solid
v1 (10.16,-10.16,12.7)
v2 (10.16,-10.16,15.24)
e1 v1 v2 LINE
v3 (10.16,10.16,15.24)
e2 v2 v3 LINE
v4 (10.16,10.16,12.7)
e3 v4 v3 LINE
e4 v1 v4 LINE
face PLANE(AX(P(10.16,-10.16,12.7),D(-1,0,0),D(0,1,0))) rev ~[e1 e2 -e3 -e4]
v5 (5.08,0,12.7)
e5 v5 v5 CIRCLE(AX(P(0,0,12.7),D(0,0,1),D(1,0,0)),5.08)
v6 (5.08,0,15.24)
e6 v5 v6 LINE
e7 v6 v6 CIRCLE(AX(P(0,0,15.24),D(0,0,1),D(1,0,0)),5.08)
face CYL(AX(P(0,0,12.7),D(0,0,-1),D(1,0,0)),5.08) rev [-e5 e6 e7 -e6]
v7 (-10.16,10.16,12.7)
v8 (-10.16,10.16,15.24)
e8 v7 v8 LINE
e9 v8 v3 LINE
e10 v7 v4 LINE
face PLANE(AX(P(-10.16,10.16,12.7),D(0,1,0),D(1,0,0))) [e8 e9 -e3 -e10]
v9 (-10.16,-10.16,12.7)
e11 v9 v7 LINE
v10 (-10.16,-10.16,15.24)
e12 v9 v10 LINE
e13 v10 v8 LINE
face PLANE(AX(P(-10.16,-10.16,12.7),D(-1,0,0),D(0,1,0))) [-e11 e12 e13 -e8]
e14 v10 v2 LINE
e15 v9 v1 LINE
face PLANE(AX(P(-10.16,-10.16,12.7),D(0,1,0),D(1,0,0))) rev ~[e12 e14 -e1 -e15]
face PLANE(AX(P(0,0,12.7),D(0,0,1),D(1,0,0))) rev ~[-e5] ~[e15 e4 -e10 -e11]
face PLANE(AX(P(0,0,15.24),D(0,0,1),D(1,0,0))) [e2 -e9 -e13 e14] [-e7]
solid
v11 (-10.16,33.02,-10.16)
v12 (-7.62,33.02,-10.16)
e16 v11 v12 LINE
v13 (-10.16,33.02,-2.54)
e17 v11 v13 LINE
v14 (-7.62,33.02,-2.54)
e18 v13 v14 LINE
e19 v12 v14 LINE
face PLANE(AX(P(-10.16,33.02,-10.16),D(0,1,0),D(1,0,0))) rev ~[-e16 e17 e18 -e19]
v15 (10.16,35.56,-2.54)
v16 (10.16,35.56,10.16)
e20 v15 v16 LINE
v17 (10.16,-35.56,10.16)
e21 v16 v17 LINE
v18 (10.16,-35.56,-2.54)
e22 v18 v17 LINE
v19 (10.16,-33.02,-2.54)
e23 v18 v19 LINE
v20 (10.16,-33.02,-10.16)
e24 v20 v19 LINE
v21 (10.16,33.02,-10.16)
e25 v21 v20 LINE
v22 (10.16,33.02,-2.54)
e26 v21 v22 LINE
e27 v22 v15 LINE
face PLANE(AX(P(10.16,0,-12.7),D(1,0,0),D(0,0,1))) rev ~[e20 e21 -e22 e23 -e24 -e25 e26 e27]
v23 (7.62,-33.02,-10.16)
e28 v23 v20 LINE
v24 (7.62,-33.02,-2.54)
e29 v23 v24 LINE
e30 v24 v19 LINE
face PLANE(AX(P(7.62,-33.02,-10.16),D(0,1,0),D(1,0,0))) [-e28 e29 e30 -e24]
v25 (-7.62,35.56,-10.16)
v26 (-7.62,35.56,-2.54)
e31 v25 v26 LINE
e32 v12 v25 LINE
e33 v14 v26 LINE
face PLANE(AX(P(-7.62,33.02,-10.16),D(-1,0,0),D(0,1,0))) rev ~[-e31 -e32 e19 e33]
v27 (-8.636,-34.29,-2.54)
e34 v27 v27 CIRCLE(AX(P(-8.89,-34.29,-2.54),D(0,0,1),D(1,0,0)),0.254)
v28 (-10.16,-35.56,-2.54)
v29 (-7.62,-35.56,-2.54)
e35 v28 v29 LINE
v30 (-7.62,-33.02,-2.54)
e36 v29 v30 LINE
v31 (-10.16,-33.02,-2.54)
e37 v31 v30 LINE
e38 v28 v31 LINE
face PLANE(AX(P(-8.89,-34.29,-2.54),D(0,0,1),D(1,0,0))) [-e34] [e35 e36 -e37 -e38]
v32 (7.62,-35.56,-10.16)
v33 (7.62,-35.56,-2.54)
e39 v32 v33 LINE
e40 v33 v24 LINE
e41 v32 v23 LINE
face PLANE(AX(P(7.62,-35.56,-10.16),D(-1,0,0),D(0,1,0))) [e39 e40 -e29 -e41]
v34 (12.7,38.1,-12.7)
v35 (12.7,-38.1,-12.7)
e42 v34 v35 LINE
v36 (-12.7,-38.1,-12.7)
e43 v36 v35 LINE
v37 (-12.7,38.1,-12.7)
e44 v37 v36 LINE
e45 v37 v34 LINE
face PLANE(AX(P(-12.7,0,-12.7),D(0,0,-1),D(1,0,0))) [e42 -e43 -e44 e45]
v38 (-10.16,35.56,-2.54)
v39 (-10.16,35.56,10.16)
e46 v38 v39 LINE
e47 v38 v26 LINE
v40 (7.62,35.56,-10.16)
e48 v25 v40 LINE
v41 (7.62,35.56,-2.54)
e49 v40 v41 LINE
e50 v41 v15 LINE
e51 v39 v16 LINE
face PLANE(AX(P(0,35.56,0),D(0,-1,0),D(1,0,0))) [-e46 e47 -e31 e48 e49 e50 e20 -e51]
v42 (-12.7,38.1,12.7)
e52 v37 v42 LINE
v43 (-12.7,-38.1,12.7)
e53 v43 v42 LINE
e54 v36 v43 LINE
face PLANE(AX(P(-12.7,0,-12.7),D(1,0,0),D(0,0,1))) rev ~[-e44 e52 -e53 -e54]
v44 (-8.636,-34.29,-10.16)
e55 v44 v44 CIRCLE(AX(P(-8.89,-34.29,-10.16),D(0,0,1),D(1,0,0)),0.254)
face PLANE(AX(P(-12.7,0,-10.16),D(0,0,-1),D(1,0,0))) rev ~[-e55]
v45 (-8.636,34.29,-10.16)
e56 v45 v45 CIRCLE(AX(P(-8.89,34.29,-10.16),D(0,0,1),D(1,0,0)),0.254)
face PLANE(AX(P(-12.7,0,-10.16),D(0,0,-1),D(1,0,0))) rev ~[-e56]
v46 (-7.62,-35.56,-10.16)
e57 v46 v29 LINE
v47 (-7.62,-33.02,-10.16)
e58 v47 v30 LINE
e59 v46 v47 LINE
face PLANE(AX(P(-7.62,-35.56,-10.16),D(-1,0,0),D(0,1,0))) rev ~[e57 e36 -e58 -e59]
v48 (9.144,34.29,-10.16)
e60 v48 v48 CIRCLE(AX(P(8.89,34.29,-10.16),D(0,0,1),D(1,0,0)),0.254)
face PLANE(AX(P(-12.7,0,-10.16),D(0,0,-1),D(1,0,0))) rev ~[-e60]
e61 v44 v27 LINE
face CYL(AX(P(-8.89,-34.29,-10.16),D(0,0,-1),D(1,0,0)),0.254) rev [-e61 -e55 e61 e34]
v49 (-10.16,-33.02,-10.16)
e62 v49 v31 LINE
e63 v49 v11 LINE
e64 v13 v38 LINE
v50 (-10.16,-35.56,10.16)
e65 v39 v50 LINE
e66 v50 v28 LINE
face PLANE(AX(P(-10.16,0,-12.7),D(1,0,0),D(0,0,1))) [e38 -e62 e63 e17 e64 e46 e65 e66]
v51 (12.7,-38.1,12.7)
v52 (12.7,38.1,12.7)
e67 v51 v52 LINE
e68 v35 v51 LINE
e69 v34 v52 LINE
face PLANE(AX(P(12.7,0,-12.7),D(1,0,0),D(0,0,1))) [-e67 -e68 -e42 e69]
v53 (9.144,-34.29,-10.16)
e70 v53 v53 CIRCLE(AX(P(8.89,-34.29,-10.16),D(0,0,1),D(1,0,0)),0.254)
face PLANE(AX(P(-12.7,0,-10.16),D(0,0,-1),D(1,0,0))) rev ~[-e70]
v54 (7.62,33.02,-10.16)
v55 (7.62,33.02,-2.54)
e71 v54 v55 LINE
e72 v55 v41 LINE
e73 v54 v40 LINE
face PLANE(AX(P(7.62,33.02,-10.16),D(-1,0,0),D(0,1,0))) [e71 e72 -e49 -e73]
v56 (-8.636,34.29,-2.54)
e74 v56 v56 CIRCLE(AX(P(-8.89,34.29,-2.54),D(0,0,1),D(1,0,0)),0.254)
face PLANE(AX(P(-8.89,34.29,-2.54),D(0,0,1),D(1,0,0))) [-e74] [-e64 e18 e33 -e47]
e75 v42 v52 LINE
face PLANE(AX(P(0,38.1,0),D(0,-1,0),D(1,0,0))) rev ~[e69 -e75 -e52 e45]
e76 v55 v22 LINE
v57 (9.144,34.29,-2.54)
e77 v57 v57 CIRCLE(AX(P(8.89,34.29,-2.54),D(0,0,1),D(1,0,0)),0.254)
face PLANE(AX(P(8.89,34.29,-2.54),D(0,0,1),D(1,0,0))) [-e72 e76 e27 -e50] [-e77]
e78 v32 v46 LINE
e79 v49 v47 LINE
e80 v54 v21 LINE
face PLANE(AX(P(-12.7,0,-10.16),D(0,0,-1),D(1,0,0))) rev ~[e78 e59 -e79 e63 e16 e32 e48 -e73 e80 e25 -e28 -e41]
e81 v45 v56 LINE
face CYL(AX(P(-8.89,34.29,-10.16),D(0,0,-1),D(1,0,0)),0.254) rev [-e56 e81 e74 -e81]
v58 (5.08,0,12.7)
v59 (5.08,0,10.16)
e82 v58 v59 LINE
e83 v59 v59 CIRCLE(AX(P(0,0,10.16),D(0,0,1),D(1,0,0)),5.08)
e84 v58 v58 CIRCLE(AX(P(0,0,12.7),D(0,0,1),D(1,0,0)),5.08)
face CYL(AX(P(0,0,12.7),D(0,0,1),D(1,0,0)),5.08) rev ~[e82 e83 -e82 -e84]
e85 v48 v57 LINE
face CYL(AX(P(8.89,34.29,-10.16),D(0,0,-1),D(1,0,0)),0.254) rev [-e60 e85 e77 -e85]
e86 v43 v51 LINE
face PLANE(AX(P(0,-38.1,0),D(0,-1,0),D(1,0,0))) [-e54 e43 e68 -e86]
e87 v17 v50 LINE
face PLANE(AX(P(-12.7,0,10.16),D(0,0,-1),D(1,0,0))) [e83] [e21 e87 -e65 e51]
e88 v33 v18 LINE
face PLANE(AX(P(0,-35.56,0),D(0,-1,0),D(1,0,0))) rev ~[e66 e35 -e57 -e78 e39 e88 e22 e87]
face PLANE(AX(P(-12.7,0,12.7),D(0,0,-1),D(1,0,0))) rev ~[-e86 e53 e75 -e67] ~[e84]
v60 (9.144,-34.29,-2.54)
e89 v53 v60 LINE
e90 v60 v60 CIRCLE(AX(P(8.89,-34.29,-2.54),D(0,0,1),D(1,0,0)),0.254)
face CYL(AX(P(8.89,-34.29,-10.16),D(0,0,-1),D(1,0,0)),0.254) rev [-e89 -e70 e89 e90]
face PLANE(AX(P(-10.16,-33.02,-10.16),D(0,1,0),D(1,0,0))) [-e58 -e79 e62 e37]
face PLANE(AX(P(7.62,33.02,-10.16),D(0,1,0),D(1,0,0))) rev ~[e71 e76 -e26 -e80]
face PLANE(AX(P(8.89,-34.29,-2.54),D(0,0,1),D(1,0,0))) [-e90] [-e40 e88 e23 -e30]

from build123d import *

# Parameters (mm, degrees)
F0_W     = 25.4
F0_H     = 25.4
F1_DEPTH = 38.1
F2_T     = -2.54
F3_R     = 5.08
F4_DEPTH = 2.54
F3_W     = 20.32
F3_H     = 20.32
F5_DEPTH = 2.54
F6_W     = 2.54
F6_H     = 2.54
F6_R     = 0.254
F7_DEPTH = 7.62


with BuildPart() as f1:
    # F0 (on Front) → F1 (new body, symmetric)
    with BuildSketch(Plane.XZ):
        Rectangle(F0_W, F0_H)
    extrude(amount=F1_DEPTH, both=True)

    # F2 (hollow: no face is removed)
    offset(amount=F2_T, mode=Mode.SUBTRACT)

    # F3 (on face) → F4 (cut)
    with BuildSketch(Plane.XY.offset(12.7)):
        Circle(F3_R)
    extrude(amount=-F4_DEPTH, mode=Mode.SUBTRACT)

    # F6 (on face) → F7 (join)
    with BuildSketch(Plane.XY.offset(-10.16)):
        with Locations((-8.89, 34.29)):
            Rectangle(F6_W, F6_H)
        with Locations((-8.89, 34.29)):
            Circle(F6_R, mode=Mode.SUBTRACT)
        with Locations((8.89, 34.29)):
            Rectangle(F6_W, F6_H)
        with Locations((8.89, 34.29)):
            Circle(F6_R, mode=Mode.SUBTRACT)
        with Locations((8.89, -34.29)):
            Rectangle(F6_W, F6_H)
        with Locations((8.89, -34.29)):
            Circle(F6_R, mode=Mode.SUBTRACT)
        with Locations((-8.89, -34.29)):
            Rectangle(F6_W, F6_H)
        with Locations((-8.89, -34.29)):
            Circle(F6_R, mode=Mode.SUBTRACT)
    extrude(amount=F7_DEPTH)


with BuildPart() as f5:
    # F3 (on face) → F5 (new body)
    with BuildSketch(Plane.XY.offset(12.7)):
        Rectangle(F3_W, F3_H)
        Circle(F3_R, mode=Mode.SUBTRACT)
    extrude(amount=F5_DEPTH)


solid = Compound([f1.part, f5.part])
